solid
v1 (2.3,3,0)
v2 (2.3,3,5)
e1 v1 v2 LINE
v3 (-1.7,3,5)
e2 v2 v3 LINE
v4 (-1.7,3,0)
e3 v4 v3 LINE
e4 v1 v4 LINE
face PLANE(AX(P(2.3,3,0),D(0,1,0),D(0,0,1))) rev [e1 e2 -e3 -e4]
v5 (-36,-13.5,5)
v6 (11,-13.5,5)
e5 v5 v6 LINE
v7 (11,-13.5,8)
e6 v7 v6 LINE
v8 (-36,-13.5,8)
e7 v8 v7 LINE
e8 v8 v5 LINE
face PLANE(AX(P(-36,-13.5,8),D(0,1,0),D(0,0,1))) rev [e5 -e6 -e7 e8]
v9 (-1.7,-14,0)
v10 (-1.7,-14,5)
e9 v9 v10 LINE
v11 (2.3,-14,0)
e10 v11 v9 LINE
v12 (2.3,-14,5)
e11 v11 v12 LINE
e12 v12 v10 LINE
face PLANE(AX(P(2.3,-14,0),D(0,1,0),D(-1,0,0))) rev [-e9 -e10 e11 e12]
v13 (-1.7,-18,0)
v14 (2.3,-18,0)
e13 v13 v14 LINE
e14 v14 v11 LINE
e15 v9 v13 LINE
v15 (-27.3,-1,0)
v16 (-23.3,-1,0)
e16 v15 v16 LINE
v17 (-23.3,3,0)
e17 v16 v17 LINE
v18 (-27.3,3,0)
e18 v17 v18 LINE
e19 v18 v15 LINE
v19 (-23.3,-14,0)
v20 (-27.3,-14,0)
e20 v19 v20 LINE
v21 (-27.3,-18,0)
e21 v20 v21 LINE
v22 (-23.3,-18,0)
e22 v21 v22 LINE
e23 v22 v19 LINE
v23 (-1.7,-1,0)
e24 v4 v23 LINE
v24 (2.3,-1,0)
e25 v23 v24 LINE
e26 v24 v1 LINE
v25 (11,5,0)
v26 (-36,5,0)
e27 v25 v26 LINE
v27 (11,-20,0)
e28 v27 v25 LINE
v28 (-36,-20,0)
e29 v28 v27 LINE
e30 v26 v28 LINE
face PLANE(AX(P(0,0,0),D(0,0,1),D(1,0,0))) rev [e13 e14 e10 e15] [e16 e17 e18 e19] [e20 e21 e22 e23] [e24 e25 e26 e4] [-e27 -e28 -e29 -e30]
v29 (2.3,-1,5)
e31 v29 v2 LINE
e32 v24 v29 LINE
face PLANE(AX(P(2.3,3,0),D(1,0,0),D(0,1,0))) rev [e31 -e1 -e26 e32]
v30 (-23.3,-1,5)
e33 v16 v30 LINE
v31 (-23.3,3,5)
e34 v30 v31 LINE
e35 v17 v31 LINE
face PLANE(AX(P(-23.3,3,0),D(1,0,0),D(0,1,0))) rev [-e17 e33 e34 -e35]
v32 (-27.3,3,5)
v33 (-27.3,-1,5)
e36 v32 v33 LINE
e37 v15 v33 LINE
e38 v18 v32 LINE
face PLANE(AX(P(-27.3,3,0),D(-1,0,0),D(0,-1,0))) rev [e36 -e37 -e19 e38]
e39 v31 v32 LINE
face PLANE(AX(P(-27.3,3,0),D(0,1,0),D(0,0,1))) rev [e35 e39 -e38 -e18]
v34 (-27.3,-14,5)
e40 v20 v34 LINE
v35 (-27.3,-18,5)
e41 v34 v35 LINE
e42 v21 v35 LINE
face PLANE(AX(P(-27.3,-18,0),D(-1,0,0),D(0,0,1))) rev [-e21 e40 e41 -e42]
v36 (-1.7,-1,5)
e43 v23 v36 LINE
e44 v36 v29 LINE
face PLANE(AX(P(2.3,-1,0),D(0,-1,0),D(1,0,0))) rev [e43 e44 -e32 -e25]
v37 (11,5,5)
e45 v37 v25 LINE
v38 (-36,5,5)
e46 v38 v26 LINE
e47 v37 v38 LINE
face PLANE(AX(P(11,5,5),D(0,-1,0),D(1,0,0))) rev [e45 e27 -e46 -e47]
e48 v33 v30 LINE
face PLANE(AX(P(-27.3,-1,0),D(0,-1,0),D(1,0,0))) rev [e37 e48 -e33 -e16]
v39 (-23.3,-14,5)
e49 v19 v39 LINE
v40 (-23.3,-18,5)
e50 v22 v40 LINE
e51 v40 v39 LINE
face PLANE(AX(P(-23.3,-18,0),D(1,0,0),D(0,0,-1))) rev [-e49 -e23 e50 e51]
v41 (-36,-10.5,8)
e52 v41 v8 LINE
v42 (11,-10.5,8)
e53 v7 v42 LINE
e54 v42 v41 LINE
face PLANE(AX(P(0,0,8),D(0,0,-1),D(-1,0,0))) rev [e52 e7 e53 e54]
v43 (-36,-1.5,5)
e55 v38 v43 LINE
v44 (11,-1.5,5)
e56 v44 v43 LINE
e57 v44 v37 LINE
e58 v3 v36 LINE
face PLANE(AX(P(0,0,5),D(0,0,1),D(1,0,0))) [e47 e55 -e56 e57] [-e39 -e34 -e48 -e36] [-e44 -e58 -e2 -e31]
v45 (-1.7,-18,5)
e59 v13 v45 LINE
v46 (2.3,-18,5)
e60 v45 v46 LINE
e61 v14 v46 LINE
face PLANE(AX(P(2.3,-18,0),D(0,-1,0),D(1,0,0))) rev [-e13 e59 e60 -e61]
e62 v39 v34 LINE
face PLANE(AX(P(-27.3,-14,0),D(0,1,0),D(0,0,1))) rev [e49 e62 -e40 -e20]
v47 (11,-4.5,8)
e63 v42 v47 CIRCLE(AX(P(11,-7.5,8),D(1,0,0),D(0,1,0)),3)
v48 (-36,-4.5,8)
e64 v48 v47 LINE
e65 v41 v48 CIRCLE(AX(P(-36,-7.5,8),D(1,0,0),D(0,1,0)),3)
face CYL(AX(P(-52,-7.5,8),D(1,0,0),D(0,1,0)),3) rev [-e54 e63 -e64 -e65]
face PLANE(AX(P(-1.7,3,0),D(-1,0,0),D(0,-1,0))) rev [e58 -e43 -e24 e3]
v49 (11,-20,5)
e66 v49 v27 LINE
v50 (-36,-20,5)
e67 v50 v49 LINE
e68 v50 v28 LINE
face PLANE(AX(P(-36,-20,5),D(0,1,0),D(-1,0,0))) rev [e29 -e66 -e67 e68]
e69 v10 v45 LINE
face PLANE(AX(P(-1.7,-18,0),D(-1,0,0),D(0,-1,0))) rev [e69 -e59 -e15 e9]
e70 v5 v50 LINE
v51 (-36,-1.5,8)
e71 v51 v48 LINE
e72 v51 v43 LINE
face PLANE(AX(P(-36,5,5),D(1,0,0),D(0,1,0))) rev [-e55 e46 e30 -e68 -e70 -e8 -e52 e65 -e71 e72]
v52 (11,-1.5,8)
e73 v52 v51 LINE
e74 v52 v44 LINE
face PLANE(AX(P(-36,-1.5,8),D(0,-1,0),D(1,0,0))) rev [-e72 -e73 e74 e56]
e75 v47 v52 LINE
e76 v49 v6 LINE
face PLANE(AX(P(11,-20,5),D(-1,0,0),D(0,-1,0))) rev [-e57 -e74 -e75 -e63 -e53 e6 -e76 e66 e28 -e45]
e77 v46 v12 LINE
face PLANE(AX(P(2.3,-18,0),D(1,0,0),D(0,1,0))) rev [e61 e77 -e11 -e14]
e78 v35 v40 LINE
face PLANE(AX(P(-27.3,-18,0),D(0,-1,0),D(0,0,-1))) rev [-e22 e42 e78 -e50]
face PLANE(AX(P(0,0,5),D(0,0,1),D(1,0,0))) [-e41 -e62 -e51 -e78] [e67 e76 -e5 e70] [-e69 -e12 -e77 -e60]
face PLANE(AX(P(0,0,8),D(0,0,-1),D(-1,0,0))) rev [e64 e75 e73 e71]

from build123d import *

# Parameters (mm, degrees)
ESQUISSE1_W             = 47
ESQUISSE1_H             = 25
BOSS_EXTRU_1_DEPTH      = 5
ESQUISSE2_W             = 4
ESQUISSE2_H             = 4
ENL_V_MAT_EXTRU_1_DEPTH = 5
ESQUISSE4_W             = 47
ESQUISSE4_H             = 12
BOSS_EXTRU_2_DEPTH      = 3
ESQUISSE5_R             = 3
ENL_V_MAT_EXTRU_2_DEPTH = 63


with BuildPart() as part:
    # Esquisse1 → Boss.-Extru.1 (new body)
    with BuildSketch(Plane.XY):
        with Locations((-12.5, -7.5)):
            Rectangle(ESQUISSE1_W, ESQUISSE1_H)
    extrude(amount=BOSS_EXTRU_1_DEPTH)

    # Esquisse2 → Enlèv. mat.-Extru.1 (cut)
    with BuildSketch(Plane.XY.offset(5)):
        with Locations((-25.3, -16)):
            Rectangle(ESQUISSE2_W, ESQUISSE2_H)
        with Locations((-25.3, 1)):
            Rectangle(ESQUISSE2_W, ESQUISSE2_H)
        with Locations((0.3, 1)):
            Rectangle(ESQUISSE2_W, ESQUISSE2_H)
        with Locations((0.3, -16)):
            Rectangle(ESQUISSE2_W, ESQUISSE2_H)
    extrude(amount=-ENL_V_MAT_EXTRU_1_DEPTH, mode=Mode.SUBTRACT)

    # Esquisse4 → Boss.-Extru.2 (add)
    with BuildSketch(Plane.XY.offset(5)):
        with Locations((-12.5, -7.5)):
            Rectangle(ESQUISSE4_W, ESQUISSE4_H)
    extrude(amount=BOSS_EXTRU_2_DEPTH)

    # Esquisse5 → Enlèv. mat.-Extru.2 (cut)
    with BuildSketch(Plane(origin=(11, 0, 0), x_dir=(0, 0, -1), z_dir=(1, 0, 0))):
        with Locations((-8, -7.5)):
            Circle(ESQUISSE5_R)
    extrude(amount=-ENL_V_MAT_EXTRU_2_DEPTH, mode=Mode.SUBTRACT)


solid = part.part
